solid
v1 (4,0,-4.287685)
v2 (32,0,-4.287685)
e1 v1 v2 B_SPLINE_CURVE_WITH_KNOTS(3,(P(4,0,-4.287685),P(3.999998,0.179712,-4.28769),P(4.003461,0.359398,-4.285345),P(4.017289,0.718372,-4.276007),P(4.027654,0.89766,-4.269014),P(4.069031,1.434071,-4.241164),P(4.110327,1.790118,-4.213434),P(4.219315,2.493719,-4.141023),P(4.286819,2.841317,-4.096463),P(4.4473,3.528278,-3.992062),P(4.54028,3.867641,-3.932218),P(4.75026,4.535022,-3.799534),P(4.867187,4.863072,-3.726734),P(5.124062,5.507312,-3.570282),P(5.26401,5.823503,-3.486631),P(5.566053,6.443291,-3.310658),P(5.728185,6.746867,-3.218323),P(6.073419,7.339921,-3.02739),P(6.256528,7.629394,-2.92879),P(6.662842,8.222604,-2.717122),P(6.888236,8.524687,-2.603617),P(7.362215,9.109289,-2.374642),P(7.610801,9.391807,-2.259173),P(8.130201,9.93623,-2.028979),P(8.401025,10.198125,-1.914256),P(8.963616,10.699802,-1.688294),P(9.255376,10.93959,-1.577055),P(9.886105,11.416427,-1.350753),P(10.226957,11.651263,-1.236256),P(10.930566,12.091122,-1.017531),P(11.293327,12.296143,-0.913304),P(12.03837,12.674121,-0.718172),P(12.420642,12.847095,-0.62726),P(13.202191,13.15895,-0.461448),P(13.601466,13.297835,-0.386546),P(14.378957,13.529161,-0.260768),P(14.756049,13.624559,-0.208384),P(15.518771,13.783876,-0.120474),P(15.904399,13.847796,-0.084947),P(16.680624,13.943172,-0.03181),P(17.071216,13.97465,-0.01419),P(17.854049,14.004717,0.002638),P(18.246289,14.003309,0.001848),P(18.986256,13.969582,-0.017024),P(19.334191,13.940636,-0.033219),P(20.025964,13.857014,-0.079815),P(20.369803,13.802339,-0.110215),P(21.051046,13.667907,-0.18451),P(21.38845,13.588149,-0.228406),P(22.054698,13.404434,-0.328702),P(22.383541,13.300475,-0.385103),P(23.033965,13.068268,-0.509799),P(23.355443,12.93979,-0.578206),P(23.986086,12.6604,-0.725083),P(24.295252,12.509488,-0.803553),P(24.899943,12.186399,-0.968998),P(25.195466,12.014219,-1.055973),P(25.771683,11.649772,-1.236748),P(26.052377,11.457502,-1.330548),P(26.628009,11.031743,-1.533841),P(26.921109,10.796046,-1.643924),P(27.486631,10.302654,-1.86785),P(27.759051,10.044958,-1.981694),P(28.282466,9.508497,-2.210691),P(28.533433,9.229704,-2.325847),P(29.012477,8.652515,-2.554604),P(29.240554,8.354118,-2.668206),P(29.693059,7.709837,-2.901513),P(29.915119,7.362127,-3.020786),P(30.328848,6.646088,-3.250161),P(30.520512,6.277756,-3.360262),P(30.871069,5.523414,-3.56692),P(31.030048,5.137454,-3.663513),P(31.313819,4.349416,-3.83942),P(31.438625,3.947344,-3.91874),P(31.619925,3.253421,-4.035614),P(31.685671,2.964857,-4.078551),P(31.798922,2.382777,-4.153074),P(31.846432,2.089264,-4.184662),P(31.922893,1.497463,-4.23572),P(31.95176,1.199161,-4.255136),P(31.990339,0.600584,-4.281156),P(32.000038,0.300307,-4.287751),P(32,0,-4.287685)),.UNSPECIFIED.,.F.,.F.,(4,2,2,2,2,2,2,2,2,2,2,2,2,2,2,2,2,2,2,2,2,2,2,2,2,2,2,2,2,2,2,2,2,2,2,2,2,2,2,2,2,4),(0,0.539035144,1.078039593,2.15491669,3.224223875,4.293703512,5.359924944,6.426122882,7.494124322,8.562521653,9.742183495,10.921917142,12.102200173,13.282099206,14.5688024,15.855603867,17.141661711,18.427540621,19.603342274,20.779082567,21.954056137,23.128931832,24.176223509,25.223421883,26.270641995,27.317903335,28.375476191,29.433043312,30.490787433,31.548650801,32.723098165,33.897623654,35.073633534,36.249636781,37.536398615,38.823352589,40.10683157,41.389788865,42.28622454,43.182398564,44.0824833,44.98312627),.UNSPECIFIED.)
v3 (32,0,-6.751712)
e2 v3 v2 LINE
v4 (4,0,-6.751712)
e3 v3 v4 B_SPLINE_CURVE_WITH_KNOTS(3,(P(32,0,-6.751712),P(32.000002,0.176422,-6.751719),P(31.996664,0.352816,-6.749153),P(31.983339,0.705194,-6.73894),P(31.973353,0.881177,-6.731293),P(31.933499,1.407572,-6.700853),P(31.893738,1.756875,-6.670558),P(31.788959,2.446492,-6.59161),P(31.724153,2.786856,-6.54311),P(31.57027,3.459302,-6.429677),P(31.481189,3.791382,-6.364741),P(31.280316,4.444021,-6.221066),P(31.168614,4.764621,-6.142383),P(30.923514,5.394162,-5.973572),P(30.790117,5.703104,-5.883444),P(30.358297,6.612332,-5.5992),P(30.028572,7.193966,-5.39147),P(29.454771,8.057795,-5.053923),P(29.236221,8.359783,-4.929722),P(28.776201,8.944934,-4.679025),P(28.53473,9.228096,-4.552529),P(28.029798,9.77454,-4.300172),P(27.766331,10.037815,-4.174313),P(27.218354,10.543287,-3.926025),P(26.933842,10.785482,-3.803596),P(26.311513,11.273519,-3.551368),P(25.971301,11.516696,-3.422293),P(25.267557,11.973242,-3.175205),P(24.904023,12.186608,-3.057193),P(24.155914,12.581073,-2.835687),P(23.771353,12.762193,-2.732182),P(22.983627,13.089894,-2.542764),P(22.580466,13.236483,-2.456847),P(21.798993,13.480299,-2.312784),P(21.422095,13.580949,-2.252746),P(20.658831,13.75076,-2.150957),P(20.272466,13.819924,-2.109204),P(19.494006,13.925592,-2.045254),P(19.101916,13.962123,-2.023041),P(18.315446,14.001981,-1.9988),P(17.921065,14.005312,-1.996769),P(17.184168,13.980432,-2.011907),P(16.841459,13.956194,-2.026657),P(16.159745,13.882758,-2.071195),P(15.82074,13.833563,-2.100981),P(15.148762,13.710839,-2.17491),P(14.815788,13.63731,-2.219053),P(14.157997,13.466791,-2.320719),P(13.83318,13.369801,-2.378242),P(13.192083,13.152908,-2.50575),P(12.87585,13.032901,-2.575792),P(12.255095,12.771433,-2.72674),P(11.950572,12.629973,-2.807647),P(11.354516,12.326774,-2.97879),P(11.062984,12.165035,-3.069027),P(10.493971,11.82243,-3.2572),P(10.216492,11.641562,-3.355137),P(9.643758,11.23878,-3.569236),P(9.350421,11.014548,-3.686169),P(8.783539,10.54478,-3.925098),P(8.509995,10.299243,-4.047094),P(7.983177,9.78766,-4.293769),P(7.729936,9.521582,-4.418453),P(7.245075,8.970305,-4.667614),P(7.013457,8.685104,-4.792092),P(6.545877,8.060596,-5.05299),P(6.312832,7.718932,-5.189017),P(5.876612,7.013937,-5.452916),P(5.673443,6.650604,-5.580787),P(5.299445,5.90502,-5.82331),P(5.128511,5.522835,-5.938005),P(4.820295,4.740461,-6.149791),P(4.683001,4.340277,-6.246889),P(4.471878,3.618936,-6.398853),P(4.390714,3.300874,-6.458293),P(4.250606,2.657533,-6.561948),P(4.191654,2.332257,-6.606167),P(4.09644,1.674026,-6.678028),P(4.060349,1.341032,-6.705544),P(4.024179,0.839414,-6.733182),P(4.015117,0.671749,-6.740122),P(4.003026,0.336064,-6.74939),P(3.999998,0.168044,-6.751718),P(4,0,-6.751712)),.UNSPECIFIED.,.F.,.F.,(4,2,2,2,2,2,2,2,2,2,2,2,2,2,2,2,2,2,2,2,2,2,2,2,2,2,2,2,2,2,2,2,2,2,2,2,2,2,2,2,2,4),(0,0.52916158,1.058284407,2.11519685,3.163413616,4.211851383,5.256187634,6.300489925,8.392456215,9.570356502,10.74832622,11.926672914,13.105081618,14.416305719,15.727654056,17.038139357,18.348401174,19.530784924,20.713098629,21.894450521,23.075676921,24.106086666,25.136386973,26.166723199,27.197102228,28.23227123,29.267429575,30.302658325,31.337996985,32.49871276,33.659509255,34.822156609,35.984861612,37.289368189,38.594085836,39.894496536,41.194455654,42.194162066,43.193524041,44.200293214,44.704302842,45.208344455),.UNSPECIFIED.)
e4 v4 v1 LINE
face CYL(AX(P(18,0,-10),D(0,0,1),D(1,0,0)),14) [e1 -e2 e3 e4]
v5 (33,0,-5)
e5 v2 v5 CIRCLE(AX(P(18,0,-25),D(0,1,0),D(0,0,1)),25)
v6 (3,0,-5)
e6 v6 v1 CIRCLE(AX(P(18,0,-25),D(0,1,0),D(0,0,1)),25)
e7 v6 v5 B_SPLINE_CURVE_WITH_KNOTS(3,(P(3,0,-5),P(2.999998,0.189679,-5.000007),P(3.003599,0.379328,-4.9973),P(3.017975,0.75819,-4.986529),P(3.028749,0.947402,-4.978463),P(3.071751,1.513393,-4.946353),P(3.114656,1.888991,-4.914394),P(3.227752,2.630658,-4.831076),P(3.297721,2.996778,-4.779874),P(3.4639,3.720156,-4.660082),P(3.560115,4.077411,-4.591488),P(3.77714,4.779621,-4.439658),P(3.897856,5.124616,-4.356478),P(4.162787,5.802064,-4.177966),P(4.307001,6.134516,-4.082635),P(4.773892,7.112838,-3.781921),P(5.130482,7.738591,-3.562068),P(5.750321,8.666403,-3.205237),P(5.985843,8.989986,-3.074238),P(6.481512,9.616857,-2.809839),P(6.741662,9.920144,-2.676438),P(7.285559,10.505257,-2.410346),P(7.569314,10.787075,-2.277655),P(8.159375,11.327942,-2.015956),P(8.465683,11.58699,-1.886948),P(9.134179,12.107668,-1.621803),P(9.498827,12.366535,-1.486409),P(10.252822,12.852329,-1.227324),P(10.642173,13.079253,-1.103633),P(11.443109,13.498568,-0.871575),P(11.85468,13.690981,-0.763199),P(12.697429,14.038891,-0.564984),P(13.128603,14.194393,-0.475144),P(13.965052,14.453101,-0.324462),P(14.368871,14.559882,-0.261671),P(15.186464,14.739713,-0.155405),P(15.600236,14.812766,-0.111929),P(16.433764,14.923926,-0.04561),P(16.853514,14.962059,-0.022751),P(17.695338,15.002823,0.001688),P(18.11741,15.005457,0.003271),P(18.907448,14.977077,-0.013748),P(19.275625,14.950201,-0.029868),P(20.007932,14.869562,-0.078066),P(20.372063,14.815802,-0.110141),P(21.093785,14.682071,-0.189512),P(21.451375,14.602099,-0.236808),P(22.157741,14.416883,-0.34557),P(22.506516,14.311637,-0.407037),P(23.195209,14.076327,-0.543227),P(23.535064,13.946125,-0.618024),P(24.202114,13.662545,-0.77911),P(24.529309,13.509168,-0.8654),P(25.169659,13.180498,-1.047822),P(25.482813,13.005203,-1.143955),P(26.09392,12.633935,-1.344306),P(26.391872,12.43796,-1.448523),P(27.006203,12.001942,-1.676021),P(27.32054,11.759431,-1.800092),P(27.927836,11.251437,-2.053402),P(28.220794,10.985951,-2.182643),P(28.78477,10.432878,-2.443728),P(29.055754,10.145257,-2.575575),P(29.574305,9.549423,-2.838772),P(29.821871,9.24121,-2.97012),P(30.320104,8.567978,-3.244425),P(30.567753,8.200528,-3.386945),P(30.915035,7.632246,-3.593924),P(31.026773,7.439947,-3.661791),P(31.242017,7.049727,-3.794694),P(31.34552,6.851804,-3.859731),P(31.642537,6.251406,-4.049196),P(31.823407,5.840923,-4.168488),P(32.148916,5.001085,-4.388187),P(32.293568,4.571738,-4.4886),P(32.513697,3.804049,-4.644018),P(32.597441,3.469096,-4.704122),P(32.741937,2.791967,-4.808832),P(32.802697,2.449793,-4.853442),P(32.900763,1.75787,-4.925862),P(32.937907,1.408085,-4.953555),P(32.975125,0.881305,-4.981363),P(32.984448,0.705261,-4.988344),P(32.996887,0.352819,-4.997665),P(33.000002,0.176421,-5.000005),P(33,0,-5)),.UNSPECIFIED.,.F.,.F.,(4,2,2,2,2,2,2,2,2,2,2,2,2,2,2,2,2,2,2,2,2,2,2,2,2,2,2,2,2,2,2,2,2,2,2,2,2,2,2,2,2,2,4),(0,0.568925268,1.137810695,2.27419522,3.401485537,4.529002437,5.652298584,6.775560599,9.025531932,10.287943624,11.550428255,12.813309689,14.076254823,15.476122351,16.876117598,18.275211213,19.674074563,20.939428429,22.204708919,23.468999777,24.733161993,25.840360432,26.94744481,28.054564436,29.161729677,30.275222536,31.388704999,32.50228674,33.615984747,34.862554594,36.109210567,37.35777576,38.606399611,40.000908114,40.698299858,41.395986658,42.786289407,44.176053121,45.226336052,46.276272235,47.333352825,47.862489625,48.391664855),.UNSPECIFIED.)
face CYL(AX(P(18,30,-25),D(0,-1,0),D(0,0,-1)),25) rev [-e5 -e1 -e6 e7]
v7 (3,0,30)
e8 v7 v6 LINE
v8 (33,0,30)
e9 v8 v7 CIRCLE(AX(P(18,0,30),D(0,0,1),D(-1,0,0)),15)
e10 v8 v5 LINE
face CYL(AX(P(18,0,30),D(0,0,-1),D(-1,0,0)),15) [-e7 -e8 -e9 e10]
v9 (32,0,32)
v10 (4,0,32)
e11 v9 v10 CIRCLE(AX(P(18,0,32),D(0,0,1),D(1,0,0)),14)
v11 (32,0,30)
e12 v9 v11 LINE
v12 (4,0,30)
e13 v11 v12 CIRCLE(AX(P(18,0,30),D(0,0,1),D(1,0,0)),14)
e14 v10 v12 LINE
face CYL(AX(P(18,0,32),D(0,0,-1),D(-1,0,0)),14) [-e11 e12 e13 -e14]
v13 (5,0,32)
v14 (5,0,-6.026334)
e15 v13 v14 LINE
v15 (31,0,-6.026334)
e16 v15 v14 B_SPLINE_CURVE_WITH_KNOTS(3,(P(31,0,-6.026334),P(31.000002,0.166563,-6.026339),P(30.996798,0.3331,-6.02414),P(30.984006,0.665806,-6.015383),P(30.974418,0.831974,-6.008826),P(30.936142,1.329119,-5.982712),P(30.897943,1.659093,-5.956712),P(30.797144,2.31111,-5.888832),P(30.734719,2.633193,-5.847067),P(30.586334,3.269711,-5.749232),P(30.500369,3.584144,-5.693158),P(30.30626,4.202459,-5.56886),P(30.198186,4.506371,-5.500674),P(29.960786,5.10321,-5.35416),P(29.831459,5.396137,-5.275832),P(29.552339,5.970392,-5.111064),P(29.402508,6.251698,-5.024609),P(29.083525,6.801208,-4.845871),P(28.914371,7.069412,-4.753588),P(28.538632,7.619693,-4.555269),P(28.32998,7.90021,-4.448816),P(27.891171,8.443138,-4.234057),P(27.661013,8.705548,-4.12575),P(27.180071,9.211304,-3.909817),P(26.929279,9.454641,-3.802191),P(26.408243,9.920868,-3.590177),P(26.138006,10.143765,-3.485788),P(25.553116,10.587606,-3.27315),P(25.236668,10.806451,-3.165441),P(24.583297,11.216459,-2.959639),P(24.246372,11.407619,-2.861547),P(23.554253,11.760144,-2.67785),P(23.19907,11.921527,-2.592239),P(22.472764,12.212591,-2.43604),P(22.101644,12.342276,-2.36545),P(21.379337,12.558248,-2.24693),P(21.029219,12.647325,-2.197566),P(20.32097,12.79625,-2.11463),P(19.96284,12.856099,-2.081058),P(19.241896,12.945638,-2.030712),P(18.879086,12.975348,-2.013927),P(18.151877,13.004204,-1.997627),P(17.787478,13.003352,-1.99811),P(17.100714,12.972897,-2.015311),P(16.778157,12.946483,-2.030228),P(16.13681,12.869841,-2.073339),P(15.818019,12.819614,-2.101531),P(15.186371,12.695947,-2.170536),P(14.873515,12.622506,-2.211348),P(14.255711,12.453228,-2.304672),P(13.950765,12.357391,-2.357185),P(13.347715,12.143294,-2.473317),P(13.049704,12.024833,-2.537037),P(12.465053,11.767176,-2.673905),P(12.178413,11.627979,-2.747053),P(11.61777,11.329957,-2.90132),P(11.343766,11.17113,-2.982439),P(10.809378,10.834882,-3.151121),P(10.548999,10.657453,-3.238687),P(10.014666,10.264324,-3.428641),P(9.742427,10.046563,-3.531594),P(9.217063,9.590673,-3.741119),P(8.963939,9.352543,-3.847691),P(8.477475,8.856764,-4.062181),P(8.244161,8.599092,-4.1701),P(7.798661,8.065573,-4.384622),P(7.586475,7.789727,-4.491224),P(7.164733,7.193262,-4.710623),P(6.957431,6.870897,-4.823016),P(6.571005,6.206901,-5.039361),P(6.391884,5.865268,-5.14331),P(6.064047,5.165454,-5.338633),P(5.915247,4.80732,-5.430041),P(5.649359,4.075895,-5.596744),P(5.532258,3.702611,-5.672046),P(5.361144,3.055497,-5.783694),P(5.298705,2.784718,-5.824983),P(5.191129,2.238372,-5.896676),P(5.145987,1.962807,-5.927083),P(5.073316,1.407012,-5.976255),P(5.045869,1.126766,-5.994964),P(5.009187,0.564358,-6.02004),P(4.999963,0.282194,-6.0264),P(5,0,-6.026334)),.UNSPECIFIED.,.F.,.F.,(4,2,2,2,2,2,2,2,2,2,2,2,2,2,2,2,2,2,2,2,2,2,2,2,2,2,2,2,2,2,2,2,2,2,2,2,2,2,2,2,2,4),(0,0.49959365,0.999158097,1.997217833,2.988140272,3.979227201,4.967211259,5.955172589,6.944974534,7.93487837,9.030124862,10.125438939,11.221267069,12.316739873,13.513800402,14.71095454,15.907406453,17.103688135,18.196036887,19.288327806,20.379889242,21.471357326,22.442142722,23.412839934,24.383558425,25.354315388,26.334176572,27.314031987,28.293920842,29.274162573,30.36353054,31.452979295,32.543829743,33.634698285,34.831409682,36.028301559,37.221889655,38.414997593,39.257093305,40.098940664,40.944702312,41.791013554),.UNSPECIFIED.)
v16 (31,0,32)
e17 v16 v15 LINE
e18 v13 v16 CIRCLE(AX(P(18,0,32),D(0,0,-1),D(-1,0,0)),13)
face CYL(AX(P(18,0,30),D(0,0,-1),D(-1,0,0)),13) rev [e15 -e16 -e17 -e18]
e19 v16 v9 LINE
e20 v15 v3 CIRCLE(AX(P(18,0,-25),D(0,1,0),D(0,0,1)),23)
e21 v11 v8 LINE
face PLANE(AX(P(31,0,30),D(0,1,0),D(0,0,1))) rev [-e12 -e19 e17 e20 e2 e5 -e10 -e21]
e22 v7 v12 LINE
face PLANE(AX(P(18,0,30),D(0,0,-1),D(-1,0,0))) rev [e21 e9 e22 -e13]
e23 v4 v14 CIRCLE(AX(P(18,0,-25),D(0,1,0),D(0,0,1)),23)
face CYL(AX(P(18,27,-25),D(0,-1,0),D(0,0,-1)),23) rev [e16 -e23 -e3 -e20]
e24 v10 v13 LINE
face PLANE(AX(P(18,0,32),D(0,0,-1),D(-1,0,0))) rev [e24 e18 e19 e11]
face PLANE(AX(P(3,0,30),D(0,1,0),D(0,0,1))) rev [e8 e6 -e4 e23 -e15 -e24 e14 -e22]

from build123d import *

# Parameters (mm, degrees)
BOSS_EXTRUDE1_DEPTH = 30
BOSS_EXTRUDE2_START = -30
BOSS_EXTRUDE2_DEPTH = 30
SKETCH4_R           = 25
CUT_EXTRUDE2_DEPTH  = 30
BOSS_EXTRUDE3_DEPTH = 2
BOSS_EXTRUDE4_START = -10
BOSS_EXTRUDE4_DEPTH = 10
SKETCH7_R           = 23
CUT_EXTRUDE4_DEPTH  = 27


with BuildPart() as part:
    # Sketch2 → Boss-Extrude1 (new body)
    with BuildSketch(Plane.XY):
        with BuildLine():
            Line((3, 0), (5, 0))
            ThreePointArc((5, 0), (18, 13), (31, 0))
            Line((31, 0), (33, 0))
            ThreePointArc((33, 0), (18, 15), (3, 0))
        make_face()
    extrude(amount=BOSS_EXTRUDE1_DEPTH)

    # Sketch3 → Boss-Extrude2 (add)
    with BuildSketch(Plane.XY.offset(BOSS_EXTRUDE2_START)):
        with BuildLine():
            Line((3, 0), (5, 0))
            ThreePointArc((5, 0), (18, 13), (31, 0))
            Line((31, 0), (33, 0))
            ThreePointArc((33, 0), (18, 15), (3, 0))
        make_face()
    extrude(amount=BOSS_EXTRUDE2_DEPTH)

    # Sketch4 → Cut-Extrude2 (cut)
    with BuildSketch(Plane(origin=(0, 0, 0), x_dir=(1, 0, 0), z_dir=(0, 1, 0))):
        with Locations((18, 25)):
            Circle(SKETCH4_R)
    extrude(amount=CUT_EXTRUDE2_DEPTH, mode=Mode.SUBTRACT)

    # Sketch5 → Boss-Extrude3 (add)
    with BuildSketch(Plane.XY.offset(30)):
        with BuildLine():
            Line((4, 0), (5, 0))
            ThreePointArc((5, 0), (18, 13), (31, 0))
            Line((31, 0), (32, 0))
            ThreePointArc((32, 0), (18, 14), (4, 0))
        make_face()
    extrude(amount=BOSS_EXTRUDE3_DEPTH)

    # Sketch6 → Boss-Extrude4 (add)
    with BuildSketch(Plane.XY.offset(BOSS_EXTRUDE4_START)):
        with BuildLine():
            Line((5, 0), (4, 0))
            ThreePointArc((4, 0), (18, 14), (32, 0))
            Line((32, 0), (31, 0))
            ThreePointArc((31, 0), (18, 13), (5, 0))
        make_face()
    extrude(amount=BOSS_EXTRUDE4_DEPTH)

    # Sketch7 → Cut-Extrude4 (cut)
    with BuildSketch(Plane(origin=(0, 0, 0), x_dir=(1, 0, 0), z_dir=(0, 1, 0))):
        with Locations((18, 25)):
            Circle(SKETCH7_R)
    extrude(amount=CUT_EXTRUDE4_DEPTH, mode=Mode.SUBTRACT)


solid = part.part
